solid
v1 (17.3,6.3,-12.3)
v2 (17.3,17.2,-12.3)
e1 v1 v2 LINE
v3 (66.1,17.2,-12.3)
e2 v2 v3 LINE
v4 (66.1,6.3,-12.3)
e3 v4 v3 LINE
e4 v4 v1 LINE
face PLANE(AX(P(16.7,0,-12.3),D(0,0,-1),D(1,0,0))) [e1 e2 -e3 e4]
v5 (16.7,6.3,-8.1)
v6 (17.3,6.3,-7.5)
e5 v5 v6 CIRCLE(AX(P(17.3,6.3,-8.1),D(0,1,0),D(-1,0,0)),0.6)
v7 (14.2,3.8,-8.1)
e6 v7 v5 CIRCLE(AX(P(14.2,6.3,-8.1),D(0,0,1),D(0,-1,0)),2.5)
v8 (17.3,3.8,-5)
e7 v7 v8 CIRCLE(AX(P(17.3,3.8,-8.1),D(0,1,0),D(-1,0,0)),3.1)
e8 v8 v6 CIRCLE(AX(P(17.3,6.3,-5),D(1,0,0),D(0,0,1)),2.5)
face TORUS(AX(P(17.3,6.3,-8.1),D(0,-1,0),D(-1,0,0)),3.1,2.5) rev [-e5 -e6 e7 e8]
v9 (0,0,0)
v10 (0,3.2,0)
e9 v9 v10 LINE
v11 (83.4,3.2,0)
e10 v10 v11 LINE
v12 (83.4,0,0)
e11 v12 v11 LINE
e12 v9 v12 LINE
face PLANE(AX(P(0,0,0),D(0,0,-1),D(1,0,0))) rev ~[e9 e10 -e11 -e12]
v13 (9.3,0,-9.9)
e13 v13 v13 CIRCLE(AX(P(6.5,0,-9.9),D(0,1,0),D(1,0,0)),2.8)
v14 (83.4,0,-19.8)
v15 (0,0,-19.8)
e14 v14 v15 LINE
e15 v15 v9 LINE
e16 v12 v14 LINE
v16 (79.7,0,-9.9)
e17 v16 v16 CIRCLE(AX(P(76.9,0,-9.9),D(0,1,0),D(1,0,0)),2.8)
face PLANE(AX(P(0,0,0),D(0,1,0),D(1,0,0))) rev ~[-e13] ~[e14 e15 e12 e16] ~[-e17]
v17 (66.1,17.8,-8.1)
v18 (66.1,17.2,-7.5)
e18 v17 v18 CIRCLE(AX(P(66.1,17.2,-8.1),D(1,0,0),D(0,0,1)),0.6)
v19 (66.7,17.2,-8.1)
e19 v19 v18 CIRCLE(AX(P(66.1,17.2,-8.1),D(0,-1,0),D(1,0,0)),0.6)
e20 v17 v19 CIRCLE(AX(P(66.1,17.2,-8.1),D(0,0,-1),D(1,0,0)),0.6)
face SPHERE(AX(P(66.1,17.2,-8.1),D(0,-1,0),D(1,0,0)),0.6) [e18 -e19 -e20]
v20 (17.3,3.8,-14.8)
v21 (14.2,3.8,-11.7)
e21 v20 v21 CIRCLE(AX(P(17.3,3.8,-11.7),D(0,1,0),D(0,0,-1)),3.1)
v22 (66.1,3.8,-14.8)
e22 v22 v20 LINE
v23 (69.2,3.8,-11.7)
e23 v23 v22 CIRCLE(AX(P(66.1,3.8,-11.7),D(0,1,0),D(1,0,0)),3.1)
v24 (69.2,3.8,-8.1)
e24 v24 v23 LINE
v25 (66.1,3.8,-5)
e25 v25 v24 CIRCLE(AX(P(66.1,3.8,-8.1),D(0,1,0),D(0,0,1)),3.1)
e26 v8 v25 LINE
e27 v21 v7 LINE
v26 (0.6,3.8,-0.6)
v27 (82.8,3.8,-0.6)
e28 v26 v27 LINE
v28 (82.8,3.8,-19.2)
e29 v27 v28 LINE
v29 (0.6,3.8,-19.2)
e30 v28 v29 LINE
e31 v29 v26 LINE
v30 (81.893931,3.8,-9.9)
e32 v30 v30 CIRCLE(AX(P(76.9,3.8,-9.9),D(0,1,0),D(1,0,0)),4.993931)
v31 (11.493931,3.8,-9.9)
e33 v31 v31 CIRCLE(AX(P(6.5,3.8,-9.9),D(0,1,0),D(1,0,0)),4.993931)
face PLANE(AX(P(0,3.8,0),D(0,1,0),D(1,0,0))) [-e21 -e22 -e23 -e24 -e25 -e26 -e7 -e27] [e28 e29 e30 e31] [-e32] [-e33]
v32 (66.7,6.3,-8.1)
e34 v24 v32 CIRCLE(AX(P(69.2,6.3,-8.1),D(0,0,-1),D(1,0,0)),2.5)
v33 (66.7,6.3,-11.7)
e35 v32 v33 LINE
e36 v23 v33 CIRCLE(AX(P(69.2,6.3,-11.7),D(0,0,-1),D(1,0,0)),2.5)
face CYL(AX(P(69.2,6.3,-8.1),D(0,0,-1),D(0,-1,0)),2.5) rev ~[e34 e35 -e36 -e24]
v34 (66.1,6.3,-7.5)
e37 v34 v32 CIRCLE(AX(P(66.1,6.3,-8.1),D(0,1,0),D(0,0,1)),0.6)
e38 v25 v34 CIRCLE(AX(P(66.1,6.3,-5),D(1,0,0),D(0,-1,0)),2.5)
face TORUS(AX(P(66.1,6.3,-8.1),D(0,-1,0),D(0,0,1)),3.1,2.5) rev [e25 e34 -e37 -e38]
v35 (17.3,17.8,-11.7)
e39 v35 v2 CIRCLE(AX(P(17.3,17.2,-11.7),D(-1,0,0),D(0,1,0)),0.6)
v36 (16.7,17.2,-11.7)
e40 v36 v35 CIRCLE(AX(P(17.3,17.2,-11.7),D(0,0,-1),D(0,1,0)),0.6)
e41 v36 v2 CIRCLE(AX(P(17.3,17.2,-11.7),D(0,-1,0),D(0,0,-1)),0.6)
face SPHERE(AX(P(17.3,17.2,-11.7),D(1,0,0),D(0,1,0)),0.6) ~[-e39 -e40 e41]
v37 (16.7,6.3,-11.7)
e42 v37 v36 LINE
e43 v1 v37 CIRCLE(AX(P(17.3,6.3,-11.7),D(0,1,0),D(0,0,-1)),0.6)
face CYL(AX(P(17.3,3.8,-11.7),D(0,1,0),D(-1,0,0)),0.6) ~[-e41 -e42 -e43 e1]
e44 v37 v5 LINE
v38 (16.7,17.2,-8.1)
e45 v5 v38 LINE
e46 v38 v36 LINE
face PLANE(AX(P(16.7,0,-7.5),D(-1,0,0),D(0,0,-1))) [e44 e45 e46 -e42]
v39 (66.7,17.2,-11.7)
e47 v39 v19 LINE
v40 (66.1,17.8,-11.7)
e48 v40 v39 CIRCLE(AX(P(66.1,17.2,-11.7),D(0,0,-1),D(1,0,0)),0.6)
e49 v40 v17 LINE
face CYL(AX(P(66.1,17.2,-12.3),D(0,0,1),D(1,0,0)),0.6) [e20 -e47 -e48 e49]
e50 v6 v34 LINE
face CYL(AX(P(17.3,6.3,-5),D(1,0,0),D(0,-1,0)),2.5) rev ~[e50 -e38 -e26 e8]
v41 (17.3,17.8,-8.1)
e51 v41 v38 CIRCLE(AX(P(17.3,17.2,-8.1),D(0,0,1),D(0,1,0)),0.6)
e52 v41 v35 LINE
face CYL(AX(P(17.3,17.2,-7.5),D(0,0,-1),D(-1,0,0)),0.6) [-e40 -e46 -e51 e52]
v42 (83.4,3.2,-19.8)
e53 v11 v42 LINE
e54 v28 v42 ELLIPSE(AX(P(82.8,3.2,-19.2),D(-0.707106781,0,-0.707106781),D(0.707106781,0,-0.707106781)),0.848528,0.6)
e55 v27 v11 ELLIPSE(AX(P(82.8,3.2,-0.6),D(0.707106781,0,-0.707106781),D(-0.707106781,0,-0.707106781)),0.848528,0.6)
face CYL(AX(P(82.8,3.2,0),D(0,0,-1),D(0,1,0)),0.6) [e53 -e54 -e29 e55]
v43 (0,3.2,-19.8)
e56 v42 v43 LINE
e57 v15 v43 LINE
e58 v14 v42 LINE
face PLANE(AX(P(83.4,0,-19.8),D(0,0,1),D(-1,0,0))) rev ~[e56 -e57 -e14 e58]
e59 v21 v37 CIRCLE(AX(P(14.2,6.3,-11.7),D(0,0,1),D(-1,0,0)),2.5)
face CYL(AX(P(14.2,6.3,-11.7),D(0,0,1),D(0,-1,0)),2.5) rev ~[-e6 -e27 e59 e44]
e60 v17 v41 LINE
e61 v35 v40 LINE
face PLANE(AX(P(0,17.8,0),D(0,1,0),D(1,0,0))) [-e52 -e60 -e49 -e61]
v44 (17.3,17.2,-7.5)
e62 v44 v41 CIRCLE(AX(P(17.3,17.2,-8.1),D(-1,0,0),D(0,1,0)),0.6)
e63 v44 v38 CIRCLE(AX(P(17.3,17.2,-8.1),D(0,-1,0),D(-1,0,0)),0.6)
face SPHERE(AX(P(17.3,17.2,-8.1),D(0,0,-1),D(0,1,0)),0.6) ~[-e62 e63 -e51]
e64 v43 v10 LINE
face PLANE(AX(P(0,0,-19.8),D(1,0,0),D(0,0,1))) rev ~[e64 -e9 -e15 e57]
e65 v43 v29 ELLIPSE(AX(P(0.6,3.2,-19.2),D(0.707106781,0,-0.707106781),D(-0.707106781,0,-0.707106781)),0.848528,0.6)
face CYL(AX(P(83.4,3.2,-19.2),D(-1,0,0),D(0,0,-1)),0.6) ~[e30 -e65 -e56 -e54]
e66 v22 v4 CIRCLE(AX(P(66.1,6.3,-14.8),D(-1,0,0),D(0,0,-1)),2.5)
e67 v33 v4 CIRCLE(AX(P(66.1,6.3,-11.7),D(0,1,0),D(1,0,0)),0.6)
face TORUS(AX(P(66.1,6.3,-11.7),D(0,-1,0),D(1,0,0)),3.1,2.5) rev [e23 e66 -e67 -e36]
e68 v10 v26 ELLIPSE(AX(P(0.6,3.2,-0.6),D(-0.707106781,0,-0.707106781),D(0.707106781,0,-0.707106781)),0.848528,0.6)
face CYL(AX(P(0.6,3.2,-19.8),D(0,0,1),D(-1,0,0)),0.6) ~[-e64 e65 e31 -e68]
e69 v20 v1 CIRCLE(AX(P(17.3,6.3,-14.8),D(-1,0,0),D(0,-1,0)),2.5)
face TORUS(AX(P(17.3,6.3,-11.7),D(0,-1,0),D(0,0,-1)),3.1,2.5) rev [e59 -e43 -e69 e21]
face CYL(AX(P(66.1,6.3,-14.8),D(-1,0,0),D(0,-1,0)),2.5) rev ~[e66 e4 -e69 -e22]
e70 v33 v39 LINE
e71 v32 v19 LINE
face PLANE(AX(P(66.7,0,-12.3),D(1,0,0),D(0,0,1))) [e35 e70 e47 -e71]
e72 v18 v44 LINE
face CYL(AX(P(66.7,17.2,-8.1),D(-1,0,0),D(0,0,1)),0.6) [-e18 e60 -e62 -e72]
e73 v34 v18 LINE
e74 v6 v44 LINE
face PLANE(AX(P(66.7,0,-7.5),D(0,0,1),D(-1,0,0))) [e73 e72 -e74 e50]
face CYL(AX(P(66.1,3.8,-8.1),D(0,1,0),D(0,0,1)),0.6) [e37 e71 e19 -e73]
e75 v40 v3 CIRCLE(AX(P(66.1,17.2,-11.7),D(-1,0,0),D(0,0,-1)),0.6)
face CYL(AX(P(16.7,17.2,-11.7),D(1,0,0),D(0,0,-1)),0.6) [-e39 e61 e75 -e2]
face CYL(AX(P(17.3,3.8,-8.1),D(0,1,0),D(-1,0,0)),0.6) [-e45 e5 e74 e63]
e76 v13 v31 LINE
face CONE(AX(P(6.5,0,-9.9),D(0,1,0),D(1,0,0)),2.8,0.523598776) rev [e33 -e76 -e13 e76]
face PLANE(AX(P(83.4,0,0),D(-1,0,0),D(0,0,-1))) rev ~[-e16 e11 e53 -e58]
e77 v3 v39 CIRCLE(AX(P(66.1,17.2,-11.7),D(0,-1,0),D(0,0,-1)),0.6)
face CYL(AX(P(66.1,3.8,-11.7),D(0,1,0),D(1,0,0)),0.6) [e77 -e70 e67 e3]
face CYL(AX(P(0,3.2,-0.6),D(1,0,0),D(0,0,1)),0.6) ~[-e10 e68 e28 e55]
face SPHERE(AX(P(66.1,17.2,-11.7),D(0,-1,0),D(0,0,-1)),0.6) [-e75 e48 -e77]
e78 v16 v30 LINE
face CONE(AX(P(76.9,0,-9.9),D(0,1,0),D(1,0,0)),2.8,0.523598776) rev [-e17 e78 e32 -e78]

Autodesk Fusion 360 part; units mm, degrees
sketch "Sketch1" plane through (0, 0, 0) normal (0, 1, 0) x (1, 0, 0)
  line L0 (0, 0) -> (83.4, 0)
  line L1 (83.4, 0) -> (83.4, 19.8)
  line L2 (83.4, 19.8) -> (0, 19.8)
  line L3 (0, 19.8) -> (0, 0)
  circle A0 centre (6.5, 9.9) radius 5
  circle A1 centre (76.9, 9.9) radius 5
  line L4 (16.7, 12.3) -> (66.7, 12.3)
  line L5 (66.7, 12.3) -> (66.7, 7.5)
  line L6 (66.7, 7.5) -> (16.7, 7.5)
  line L7 (16.7, 7.5) -> (16.7, 12.3)
  circle A2 centre (76.9, 9.9) radius 2.8
  circle A3 centre (6.5, 9.9) radius 2.8
  point P0 (66.7, 9.9)
  point P1 (83.4, 9.9)
  point P2 (41.7, 12.3)
  point P3 (41.7, 19.8)
  dimension "d1" = 83.4
  dimension "d2" = 19.8
  dimension "d3" = 10
  dimension "d4" = 6.5
  dimension "d5" = 10
  dimension "d6" = 6.5
  dimension "d7" = 50
  dimension "d9" = 4.8
  dimension "d18" = 5.6
  dimension "d19" = 5.6
extrude "Extrude1" add sketch "Sketch1" along normal blind 17.8 contours L4 L5 L6 L7 makes body 1
extrude "Extrude2" add sketch "Sketch1" along normal blind 3.8 separate body contours L0 L1 L2 L3 makes body 2
extrude "Extrude3" add sketch "Sketch1" along normal blind 3.8 separate body contours A0 | A1 | A2 | A3 makes body 3 at (81.8938, 1.2667, -9.6508) makes body 4 at (11.4752, 2.5333, -9.4022)
extrude "Extrude4" cut sketch "Sketch1" along normal blind 3.8 draft 30 contours A2 | A3 bodies 3 4
combine "Combine1" operation add target body 2 tool bodies 1
combine "Combine2" operation add target body 2 tool bodies 3 4
fillet "Fillet1" radius 0.6 12 edges at (66.7, 10.8, -12.3) (66.7, 10.8, -7.5) (41.7, 17.8, -12.3) (83.4, 3.8, -9.9) (41.7, 3.8, -19.8) (41.7, 3.8, 0) (66.7, 17.8, -9.9) (16.7, 17.8, -9.9) (0, 3.8, -9.9) (41.7, 17.8, -7.5) (16.7, 10.8, -7.5) (16.7, 10.8, -12.3) on bodies 2
fillet "Fillet2" radius 2.5 8 edges at (66.5243, 3.8, -12.1243) (66.7, 3.8, -9.9) (66.5243, 3.8, -7.6757) (41.7, 3.8, -7.5) (16.8757, 3.8, -7.6757) (16.7, 3.8, -9.9) (16.8757, 3.8, -12.1243) (41.7, 3.8, -12.3) on bodies 2
equation "d3 = screw_top_opening_width"
equation "d5 = screw_top_opening_width"
equation "plate_height = 3.8 mm"
equation "d14 = 14 mm + plate_height"
equation "d16 = plate_height"
equation "d18 = screw_bottom_opening_width"
equation "d19 = screw_bottom_opening_width"
equation "screw_top_opening_width = 10 mm"
equation "screw_bottom_opening_width = 5.6 mm"
equation "d22 = plate_height"
equation "d24 = plate_height"
equation "screw_taper_angle = 30 deg"
equation "outside_fillet_radiu = 0.6 mm"
equation "d29 = outside_fillet_radiu"
equation "inside_fillet_radius = 2.5 mm"
equation "d32 = inside_fillet_radius"
